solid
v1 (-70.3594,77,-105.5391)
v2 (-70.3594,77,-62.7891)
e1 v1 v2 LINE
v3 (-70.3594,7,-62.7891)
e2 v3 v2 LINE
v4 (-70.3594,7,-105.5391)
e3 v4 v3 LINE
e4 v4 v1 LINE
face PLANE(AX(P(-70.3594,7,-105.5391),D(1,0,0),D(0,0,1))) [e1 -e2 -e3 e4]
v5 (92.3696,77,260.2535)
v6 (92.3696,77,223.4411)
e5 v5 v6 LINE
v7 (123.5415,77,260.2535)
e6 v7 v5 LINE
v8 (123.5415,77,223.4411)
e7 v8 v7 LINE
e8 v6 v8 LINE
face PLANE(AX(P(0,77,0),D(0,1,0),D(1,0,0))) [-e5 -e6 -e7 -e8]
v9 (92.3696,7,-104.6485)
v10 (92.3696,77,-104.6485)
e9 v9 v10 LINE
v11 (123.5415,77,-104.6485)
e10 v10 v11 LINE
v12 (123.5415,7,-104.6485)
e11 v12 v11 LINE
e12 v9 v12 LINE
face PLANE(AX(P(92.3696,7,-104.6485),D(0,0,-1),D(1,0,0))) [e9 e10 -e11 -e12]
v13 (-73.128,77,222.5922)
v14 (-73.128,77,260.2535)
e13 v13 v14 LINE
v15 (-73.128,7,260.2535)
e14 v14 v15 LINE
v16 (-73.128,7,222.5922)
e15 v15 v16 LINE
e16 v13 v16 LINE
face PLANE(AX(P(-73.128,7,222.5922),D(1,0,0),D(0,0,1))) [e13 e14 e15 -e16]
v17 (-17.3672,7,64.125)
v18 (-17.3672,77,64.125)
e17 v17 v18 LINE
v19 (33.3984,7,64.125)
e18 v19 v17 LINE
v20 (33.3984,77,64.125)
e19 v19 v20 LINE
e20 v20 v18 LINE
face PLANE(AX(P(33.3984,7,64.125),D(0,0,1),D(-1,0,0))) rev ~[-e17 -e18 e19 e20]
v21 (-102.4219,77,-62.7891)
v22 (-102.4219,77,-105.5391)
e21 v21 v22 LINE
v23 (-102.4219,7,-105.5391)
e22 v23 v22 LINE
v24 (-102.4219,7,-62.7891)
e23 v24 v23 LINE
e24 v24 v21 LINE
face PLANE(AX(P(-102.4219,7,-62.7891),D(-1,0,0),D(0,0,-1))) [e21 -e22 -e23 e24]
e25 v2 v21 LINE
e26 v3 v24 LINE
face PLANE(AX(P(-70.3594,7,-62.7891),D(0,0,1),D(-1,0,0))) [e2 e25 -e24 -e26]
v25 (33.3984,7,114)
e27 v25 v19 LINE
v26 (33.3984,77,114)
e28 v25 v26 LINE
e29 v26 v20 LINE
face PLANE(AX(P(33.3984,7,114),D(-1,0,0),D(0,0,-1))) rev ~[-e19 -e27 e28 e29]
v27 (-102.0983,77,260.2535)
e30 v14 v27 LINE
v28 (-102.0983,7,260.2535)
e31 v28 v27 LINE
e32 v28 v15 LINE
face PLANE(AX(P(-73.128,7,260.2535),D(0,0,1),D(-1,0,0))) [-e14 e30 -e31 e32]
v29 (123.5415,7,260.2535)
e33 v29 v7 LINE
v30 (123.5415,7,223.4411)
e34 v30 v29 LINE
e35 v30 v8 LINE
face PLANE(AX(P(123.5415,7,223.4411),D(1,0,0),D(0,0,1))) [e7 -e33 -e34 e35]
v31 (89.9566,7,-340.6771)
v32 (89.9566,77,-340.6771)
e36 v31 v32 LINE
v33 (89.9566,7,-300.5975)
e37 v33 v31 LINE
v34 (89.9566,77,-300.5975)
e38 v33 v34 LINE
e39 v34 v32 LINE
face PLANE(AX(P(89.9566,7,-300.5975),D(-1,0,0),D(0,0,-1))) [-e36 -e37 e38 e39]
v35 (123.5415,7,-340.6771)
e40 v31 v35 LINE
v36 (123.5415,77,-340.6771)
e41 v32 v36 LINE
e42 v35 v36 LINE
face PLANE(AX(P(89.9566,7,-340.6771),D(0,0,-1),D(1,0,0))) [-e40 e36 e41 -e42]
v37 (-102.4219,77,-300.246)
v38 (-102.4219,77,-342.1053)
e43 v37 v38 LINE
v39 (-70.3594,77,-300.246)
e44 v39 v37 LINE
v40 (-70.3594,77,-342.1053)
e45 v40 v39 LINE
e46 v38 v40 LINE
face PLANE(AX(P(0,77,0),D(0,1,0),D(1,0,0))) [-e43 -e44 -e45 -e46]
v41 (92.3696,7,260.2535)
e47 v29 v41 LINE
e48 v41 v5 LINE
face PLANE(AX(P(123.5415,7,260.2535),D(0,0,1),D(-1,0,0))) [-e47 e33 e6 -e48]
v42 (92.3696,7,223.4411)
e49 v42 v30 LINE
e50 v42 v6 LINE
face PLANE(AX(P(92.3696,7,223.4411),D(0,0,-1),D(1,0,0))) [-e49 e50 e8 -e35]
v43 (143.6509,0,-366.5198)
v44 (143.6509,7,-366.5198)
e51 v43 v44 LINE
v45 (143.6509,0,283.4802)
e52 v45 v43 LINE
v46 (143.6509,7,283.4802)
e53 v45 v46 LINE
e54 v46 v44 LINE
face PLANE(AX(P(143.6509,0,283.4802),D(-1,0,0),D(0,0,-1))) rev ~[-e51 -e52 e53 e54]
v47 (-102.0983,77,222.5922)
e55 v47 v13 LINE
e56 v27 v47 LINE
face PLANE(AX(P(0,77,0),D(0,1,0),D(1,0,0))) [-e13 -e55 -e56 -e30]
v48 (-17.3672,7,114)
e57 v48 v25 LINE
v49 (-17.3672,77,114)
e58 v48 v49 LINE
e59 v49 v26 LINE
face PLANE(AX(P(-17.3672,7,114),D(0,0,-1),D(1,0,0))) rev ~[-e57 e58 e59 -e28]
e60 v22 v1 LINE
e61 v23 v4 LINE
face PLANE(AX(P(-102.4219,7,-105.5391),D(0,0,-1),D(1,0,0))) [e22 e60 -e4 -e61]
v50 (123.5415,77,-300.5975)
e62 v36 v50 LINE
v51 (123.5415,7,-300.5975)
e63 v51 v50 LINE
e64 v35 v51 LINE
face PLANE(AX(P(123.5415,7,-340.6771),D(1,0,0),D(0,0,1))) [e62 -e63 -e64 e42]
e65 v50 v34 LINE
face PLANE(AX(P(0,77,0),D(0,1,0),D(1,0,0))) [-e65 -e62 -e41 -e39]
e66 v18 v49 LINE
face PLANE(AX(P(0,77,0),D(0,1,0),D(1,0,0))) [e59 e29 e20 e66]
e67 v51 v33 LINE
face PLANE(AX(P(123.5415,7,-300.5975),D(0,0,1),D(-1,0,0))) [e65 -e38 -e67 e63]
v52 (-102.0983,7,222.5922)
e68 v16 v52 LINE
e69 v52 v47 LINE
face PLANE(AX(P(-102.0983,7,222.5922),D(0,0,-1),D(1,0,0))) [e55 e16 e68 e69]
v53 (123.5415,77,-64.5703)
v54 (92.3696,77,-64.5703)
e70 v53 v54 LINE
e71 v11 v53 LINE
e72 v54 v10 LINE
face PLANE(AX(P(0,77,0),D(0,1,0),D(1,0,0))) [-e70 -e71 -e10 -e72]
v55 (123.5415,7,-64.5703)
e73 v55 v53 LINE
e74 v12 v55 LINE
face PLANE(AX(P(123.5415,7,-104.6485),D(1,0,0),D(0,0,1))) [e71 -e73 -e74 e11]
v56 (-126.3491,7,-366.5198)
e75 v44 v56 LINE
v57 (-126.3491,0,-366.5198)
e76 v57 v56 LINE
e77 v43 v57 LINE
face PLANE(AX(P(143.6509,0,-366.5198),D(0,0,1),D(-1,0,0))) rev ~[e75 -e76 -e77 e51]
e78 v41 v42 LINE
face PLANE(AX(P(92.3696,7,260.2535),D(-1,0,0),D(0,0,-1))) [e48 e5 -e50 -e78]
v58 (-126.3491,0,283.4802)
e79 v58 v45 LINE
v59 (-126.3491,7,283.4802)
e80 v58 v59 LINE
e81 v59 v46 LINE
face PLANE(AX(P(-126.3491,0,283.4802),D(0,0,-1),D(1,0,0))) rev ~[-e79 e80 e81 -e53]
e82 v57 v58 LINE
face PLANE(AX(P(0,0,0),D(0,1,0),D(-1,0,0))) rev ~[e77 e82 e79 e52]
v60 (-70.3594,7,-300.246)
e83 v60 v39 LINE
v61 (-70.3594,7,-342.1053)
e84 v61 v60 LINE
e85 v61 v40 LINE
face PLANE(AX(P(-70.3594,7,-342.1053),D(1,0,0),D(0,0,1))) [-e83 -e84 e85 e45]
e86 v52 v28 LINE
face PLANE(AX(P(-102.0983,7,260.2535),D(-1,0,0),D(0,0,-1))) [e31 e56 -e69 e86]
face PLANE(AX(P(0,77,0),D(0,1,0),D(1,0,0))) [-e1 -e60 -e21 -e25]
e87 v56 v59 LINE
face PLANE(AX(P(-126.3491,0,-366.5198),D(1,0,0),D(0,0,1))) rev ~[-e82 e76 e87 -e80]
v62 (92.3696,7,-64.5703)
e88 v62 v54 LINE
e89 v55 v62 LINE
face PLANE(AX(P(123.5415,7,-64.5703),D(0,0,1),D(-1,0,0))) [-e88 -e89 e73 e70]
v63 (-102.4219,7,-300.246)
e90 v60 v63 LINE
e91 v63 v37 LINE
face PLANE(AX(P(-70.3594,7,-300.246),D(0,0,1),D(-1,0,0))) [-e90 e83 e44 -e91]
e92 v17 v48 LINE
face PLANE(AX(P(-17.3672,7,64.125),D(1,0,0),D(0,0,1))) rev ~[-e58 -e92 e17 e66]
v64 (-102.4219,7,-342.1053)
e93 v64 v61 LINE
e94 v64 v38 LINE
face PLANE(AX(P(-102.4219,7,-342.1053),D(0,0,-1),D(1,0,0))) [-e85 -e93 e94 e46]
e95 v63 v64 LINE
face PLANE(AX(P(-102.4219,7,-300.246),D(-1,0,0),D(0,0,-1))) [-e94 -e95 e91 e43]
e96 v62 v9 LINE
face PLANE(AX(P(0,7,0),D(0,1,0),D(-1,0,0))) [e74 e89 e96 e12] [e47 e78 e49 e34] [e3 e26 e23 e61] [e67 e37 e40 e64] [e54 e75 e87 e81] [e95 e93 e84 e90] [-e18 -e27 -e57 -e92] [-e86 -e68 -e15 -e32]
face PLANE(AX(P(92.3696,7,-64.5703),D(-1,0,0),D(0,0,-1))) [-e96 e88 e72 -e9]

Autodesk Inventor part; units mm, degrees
ref_plane "YZ Plane" through (0, 0, 0) normal (1, 0, 0) x (0, 1, 0)
ref_plane "XZ Plane" through (0, 0, 0) normal (0, 1, 0) x (-1, 0, 0)
ref_plane "XY Plane" through (0, 0, 0) normal (0, 0, 1) x (1, 0, 0)
sketch "Sketch1" plane through (0, 0, 0) normal (0, 1, 0) x (-1, 0, 0)
  line L0 (126.3491, 283.4802) -> (-143.6509, 283.4802)
  line L1 (-143.6509, 283.4802) -> (-143.6509, -366.5198)
  line L2 (-143.6509, -366.5198) -> (126.3491, -366.5198)
  line L3 (126.3491, -366.5198) -> (126.3491, 283.4802)
  point P0 (0, 0)
  dimension "d0" = 650
  dimension "d1" = 270
extrude "Extrusion1" add sketch "Sketch1" along normal blind 7
sketch "Sketch2" plane through (0, 0, 0) normal (0, -1, 0) x (1, 0, 0)
  line L0 (-101.3766, -334.6757) -> (-65.0758, -334.6757)
  line L1 (-65.0758, -334.6757) -> (-65.0758, -293.0626)
  line L2 (-65.0758, -293.0626) -> (-101.3766, -293.0626)
  line L3 (-101.3766, -293.0626) -> (-101.3766, -334.6757)
  line L4 (-97.1426, 224.249) -> (-79.8855, 224.249)
  line L5 (-79.8855, 224.249) -> (-79.8855, 190.7676)
  line L6 (-79.8855, 190.7676) -> (-97.1426, 190.7676)
  line L7 (-97.1426, 190.7676) -> (-97.1426, 224.249)
  line L8 (-106.8404, 242.9144) -> (-83.2262, 242.9144)
  line L9 (-83.2262, 242.9144) -> (-83.2262, 210.6642)
  line L10 (-83.2262, 210.6642) -> (-106.8404, 210.6642)
  line L11 (-106.8404, 210.6642) -> (-106.8404, 242.9144)
  point P0 (0, 0)
sketch "Sketch3" plane through (0, 7, 0) normal (0, 1, 0) x (1, 0, 0)
  line L0 (-102.0983, -222.5922) -> (-73.128, -222.5922)
  line L1 (-73.128, -222.5922) -> (-73.128, -260.2535)
  line L2 (-73.128, -260.2535) -> (-102.0983, -260.2535)
  line L3 (-102.0983, -260.2535) -> (-102.0983, -222.5922)
  point P0 (0, 0)
extrude "Extrusion2" add sketch "Sketch3" along normal blind 70 and the other way blind 5
sketch "Sketch4" plane through (0, 7, 0) normal (0, 1, 0) x (1, 0, 0)
  line L0 (123.5415, -260.2535) -> (92.3696, -260.2535)
  line L1 (92.3696, -260.2535) -> (92.3696, -223.4411)
  line L2 (92.3696, -223.4411) -> (123.5415, -223.4411)
  line L3 (123.5415, -223.4411) -> (123.5415, -260.2535)
  point P0 (0, 0)
extrude "Extrusion3" add sketch "Sketch4" along normal blind 70
sketch "Sketch5" plane through (0, 7, 0) normal (0, 1, 0) x (1, 0, 0)
  line L0 (123.5415, 64.5703) -> (92.3696, 64.5703)
  line L1 (92.3696, 64.5703) -> (92.3696, 104.6485)
  line L2 (92.3696, 104.6485) -> (123.5415, 104.6485)
  line L3 (123.5415, 104.6485) -> (123.5415, 64.5703)
  point P0 (0, 0)
extrude "Extrusion4" add sketch "Sketch5" along normal blind 70
sketch "Sketch6" plane through (0, 7, 0) normal (0, 1, 0) x (1, 0, 0)
  line L0 (-70.3594, 62.7891) -> (-102.4219, 62.7891)
  line L1 (-102.4219, 62.7891) -> (-102.4219, 105.5391)
  line L2 (-102.4219, 105.5391) -> (-70.3594, 105.5391)
  line L3 (-70.3594, 105.5391) -> (-70.3594, 62.7891)
  point P0 (0, 0)
extrude "Extrusion5" add sketch "Sketch6" along normal blind 70
sketch "Sketch7" plane through (0, 7, 0) normal (0, 1, 0) x (1, 0, 0)
  line L0 (-102.4219, 342.1053) -> (-70.3594, 342.1053)
  line L1 (-70.3594, 342.1053) -> (-70.3594, 300.246)
  line L2 (-70.3594, 300.246) -> (-102.4219, 300.246)
  line L3 (-102.4219, 300.246) -> (-102.4219, 342.1053)
  point P0 (0, 0)
extrude "Extrusion6" add sketch "Sketch7" along normal blind 70
sketch "Sketch8" plane through (0, 7, 0) normal (0, 1, 0) x (1, 0, 0)
  line L0 (123.5415, 300.5975) -> (89.9566, 300.5975)
  line L1 (89.9566, 300.5975) -> (89.9566, 340.6771)
  line L2 (89.9566, 340.6771) -> (123.5415, 340.6771)
  line L3 (123.5415, 340.6771) -> (123.5415, 300.5975)
  point P0 (0, 0)
extrude "Extrusion7" add sketch "Sketch8" along normal blind 70
sketch "Sketch9" plane through (0, 7, 0) normal (0, 1, 0) x (1, 0, 0)
  line L0 (33.3984, -64.125) -> (-17.3672, -64.125)
  line L1 (-17.3672, -64.125) -> (-17.3672, -114)
  line L2 (-17.3672, -114) -> (33.3984, -114)
  line L3 (33.3984, -114) -> (33.3984, -64.125)
  point P0 (0, 0)
extrude "Extrusion8" add sketch "Sketch9" along normal blind 70
properties part number "cstand"
